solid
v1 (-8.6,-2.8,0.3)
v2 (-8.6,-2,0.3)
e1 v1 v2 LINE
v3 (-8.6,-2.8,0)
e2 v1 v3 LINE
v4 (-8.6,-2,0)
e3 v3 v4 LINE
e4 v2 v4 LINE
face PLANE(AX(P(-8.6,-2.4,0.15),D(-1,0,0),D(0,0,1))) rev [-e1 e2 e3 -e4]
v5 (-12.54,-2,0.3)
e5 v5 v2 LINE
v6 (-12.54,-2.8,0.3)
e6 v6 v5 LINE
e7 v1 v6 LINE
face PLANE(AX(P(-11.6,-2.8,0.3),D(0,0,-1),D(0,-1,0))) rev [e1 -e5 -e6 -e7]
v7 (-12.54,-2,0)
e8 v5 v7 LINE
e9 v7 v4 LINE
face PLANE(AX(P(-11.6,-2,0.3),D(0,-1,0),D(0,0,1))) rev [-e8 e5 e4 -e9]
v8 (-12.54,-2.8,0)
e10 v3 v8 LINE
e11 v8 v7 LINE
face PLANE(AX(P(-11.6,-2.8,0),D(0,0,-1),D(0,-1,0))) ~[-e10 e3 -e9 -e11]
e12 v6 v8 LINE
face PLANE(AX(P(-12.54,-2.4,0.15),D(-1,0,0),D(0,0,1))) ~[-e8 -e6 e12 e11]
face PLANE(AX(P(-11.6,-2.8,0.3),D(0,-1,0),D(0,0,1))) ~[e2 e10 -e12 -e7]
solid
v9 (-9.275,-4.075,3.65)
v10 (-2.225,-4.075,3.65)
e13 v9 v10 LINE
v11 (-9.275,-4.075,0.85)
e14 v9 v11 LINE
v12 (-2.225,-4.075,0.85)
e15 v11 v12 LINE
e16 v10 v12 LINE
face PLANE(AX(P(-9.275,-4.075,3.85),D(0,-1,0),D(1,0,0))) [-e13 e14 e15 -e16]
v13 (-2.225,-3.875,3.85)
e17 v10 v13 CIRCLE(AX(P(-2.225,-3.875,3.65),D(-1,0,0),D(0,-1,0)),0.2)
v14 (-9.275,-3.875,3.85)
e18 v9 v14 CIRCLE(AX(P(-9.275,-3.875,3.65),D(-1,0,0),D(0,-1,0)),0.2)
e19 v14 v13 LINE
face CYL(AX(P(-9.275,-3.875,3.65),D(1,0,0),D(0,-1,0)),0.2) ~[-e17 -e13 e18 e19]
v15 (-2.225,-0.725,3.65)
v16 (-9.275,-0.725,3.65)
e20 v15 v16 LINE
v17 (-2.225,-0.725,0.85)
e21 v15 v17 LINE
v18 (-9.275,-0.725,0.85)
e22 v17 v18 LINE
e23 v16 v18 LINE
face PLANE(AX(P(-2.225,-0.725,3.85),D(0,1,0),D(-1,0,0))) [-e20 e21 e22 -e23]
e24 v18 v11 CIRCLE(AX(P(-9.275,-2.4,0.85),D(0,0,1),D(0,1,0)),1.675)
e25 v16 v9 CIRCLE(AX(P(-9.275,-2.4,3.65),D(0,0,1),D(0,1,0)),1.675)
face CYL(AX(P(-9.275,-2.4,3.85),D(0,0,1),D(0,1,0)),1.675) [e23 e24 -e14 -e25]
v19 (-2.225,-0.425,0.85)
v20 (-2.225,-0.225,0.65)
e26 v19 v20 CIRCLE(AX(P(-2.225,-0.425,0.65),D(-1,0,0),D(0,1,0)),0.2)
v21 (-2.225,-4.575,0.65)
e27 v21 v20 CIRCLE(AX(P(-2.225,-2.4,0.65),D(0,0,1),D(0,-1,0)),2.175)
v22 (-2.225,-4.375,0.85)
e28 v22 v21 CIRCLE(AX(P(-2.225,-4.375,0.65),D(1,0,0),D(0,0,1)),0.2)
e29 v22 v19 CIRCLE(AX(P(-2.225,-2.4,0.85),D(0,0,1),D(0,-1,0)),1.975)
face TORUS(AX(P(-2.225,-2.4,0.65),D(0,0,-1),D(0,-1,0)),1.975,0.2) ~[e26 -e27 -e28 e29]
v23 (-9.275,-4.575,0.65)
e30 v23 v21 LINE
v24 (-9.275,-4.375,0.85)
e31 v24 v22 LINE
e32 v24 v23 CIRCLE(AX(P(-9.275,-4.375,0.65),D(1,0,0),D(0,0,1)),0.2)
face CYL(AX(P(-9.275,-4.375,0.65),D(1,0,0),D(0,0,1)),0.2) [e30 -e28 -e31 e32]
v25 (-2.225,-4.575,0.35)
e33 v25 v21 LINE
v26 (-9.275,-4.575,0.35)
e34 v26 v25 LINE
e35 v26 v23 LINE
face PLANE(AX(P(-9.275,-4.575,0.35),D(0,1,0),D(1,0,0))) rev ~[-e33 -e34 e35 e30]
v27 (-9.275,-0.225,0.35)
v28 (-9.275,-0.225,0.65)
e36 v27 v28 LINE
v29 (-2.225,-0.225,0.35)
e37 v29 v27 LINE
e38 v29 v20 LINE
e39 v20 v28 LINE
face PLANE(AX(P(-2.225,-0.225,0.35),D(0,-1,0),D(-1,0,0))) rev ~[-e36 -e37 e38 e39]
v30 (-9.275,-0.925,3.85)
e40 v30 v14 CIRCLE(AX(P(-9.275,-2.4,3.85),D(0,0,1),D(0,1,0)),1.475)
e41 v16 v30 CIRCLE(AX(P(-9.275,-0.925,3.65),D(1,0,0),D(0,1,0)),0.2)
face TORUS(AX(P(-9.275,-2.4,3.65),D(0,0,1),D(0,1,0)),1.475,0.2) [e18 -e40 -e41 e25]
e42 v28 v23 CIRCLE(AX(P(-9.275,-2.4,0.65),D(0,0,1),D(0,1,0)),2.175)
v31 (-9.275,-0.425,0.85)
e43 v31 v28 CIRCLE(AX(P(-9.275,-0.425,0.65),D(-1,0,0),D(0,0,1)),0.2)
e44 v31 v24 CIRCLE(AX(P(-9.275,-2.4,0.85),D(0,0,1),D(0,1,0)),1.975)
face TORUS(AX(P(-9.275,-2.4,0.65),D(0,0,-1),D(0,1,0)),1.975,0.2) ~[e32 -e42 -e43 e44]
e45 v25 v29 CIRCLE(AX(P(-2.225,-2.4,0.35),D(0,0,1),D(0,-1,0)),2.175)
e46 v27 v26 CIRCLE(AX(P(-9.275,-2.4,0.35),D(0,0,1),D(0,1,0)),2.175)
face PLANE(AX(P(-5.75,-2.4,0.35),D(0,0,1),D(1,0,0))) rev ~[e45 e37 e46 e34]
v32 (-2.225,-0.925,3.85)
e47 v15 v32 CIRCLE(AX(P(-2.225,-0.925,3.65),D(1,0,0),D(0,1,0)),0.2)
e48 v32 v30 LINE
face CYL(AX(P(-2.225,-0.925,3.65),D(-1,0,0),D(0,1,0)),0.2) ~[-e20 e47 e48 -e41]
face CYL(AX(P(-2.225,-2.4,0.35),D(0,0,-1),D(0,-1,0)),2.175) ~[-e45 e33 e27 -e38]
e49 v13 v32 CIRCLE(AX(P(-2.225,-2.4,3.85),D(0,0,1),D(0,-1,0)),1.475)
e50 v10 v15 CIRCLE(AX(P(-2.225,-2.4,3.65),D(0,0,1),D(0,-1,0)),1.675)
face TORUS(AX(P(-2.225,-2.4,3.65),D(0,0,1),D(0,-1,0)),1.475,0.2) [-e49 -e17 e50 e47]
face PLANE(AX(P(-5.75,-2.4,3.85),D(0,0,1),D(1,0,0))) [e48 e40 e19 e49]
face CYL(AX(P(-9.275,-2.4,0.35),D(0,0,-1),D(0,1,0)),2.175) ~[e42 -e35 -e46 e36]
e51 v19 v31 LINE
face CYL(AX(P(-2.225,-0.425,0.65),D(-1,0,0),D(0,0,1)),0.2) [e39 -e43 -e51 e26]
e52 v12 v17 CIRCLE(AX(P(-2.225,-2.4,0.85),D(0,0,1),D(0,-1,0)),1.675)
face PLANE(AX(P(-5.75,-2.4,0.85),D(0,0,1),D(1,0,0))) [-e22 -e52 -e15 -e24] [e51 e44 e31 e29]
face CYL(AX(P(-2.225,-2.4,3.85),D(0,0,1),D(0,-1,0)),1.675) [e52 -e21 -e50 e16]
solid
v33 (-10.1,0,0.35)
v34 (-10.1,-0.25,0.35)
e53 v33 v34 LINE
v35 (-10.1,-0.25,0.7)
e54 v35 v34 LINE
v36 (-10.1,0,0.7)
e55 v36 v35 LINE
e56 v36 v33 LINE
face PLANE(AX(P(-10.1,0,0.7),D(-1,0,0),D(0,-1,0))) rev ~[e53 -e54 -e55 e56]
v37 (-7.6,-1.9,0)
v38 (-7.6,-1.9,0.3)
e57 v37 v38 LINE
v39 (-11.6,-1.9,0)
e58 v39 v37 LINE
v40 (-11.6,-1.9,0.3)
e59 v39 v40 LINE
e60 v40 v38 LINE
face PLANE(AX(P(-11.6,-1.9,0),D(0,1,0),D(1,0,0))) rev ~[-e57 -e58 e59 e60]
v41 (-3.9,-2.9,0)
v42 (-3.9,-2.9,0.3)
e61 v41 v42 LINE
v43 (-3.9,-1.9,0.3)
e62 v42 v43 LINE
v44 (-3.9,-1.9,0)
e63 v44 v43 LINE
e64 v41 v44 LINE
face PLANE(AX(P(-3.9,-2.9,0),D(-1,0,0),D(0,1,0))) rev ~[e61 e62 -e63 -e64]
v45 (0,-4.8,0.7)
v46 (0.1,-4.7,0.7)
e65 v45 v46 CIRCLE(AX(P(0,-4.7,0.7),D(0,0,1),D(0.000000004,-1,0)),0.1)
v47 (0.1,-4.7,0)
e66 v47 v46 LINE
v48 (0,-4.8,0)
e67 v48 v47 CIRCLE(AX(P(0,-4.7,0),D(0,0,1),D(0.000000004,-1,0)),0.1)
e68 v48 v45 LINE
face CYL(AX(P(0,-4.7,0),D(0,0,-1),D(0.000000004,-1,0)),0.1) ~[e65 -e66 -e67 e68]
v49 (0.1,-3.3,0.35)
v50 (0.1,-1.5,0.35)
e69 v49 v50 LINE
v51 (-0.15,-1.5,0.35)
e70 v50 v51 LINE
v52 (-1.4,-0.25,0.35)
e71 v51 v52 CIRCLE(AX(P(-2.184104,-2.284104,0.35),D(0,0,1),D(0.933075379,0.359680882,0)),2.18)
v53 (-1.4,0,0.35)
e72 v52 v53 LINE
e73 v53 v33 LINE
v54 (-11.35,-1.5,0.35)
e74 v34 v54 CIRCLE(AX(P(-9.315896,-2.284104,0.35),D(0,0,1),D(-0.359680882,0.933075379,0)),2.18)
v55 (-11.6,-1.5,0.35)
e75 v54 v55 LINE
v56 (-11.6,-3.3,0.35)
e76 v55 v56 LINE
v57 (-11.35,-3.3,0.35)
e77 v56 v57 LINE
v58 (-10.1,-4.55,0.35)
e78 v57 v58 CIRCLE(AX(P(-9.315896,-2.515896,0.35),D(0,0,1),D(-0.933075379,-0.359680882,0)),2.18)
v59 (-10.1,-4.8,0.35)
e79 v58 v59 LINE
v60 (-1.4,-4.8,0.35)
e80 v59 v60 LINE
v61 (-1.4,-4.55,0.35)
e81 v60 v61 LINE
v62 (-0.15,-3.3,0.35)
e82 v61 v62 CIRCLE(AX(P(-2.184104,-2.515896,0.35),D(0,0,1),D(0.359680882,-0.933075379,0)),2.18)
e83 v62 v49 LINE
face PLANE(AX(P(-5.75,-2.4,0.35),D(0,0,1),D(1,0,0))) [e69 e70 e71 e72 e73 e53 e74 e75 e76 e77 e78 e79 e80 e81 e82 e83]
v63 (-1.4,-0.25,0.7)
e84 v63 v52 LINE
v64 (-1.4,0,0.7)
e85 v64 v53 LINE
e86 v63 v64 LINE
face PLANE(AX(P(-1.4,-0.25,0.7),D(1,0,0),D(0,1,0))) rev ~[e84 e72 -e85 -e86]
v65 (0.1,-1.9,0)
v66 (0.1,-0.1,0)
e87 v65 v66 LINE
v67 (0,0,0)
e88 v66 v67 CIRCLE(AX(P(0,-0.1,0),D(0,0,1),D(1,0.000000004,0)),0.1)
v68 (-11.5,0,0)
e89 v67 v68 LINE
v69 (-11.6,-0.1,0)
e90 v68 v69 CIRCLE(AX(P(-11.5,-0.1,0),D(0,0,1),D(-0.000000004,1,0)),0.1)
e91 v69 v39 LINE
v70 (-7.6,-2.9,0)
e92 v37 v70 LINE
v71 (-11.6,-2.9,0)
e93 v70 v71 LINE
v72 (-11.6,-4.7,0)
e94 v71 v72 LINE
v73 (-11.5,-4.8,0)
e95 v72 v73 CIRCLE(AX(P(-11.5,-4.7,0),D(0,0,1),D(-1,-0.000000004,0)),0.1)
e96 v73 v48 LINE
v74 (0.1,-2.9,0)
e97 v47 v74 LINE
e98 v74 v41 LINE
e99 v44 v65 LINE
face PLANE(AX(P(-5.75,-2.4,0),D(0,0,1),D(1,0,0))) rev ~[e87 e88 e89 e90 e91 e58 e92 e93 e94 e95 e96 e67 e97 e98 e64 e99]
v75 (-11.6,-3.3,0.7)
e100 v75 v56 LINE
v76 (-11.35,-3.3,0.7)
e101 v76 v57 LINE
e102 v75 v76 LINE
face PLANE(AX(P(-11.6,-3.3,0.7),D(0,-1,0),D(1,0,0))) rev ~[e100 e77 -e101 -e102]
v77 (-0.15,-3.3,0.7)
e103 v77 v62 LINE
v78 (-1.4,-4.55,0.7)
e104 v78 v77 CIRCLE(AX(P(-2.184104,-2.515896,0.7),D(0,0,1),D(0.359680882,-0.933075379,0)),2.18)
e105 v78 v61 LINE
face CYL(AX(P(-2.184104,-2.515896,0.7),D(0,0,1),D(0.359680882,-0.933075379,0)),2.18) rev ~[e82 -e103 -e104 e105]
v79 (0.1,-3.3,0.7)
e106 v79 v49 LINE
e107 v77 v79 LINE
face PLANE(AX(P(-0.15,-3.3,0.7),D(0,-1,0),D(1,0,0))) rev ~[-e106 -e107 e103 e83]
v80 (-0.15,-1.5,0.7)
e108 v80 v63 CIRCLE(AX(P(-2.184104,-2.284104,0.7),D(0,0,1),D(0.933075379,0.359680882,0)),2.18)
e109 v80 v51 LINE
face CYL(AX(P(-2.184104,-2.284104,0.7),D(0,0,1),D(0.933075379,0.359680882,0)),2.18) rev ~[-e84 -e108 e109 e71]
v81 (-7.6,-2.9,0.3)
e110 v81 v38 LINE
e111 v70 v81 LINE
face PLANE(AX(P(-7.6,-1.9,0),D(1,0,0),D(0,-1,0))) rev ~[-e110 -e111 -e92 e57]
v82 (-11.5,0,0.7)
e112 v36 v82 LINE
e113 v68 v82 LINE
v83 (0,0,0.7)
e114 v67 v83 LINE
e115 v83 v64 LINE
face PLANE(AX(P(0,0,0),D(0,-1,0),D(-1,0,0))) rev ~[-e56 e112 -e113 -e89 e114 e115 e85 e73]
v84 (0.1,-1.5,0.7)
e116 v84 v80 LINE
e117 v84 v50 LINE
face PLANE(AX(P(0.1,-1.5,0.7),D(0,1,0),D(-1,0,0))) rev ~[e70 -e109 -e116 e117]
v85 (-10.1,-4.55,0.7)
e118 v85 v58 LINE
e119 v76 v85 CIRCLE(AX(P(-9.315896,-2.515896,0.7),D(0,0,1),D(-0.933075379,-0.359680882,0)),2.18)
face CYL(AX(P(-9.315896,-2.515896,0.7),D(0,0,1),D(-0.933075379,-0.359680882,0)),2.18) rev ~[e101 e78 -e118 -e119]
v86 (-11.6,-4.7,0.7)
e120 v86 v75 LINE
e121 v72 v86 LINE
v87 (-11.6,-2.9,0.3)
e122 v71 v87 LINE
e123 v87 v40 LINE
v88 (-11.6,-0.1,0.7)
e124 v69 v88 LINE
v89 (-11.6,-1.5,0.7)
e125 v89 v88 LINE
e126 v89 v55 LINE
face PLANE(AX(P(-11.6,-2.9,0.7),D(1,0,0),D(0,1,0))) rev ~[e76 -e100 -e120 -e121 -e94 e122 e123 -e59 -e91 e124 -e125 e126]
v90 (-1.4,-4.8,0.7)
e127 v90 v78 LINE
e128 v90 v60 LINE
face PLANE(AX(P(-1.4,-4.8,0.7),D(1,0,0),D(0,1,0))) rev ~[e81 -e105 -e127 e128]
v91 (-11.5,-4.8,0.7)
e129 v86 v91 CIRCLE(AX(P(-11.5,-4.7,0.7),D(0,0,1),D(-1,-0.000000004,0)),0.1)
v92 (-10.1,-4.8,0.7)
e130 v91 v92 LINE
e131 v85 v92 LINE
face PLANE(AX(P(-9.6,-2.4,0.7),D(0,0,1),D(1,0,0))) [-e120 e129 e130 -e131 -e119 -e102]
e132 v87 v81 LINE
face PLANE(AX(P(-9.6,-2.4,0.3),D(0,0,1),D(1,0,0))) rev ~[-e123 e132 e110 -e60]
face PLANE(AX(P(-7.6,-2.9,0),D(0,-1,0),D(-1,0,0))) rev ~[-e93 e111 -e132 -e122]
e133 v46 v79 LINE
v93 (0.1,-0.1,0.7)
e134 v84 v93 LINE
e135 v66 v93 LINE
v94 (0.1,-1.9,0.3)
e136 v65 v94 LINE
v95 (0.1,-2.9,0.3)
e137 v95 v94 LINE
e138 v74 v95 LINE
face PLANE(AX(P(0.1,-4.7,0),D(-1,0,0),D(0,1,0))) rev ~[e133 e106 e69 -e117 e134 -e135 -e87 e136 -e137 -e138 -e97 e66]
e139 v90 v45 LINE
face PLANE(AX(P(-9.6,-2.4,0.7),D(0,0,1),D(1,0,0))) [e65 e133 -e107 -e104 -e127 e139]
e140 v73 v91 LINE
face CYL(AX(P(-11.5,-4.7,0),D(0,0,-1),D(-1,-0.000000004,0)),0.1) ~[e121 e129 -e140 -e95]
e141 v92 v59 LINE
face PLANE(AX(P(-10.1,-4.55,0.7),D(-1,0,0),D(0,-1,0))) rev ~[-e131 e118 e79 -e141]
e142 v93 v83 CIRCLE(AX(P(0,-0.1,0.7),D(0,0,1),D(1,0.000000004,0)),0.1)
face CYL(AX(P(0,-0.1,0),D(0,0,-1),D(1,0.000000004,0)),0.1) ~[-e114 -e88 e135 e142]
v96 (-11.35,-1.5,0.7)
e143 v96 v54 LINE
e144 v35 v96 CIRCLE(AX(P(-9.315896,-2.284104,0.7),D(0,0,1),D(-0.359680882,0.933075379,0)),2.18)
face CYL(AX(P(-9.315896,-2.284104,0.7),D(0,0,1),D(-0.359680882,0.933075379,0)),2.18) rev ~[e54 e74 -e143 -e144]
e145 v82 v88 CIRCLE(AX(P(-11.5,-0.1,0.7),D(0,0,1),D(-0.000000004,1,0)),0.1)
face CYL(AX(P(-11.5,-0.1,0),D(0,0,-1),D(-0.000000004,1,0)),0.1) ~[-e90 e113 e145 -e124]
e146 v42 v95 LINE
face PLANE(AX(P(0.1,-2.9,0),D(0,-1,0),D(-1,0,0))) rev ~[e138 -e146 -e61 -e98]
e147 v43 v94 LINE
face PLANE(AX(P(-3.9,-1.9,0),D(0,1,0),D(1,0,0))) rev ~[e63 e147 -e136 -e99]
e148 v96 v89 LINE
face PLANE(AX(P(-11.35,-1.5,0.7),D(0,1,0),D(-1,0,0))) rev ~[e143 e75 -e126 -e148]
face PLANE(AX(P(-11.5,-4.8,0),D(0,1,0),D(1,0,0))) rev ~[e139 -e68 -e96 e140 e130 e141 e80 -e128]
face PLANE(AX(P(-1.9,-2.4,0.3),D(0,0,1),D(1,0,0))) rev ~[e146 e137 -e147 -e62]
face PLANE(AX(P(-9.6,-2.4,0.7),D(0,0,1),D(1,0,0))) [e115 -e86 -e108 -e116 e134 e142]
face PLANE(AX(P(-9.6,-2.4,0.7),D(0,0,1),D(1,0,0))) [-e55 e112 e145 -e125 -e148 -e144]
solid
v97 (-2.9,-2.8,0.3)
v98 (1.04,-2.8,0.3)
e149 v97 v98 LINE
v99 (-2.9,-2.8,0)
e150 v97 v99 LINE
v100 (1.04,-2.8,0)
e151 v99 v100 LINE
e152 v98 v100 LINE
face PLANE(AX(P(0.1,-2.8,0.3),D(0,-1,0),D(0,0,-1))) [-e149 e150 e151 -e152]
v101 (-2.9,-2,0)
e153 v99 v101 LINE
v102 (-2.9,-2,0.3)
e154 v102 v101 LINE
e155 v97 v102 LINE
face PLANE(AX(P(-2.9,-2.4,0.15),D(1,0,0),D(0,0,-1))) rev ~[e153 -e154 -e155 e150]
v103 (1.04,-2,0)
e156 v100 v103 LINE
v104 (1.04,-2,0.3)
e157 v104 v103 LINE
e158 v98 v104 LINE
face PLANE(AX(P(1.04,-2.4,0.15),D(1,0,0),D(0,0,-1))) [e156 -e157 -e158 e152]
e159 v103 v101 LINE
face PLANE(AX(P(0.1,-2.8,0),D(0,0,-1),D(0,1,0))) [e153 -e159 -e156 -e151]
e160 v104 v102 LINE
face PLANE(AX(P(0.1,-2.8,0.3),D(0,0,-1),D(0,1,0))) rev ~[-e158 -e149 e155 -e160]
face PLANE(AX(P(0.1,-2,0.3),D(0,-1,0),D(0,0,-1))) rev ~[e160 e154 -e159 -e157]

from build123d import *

# Parameters (mm, degrees)
DODANIE_WYCI_GNI_CIE1_DEPTH      = 0.7
SZKIC2_W                         = 4
SZKIC2_H                         = 1
DODANIE_WYCI_GNI_CIE2_DEPTH      = 0.4
WYTNIJ_WYCI_GNI_CIE1_DEPTH       = 0.35
DODANIE_WYCI_GNI_CIE3_DEPTH      = 3.5
SZKIC5_OUTSIDE_W                 = 16.344
SZKIC5_OUTSIDE_H                 = 9.444
WYTNIJ_WYCI_GNI_CIE2_DEPTH       = 3
ZAOKR_GLENIE1_R                  = 0.2
ZAOKR_GLENIE2_R                  = 0.2
SZKIC6_W                         = 0.3
SZKIC6_H                         = 0.8
DODANIE_WYCI_GNI_CIE4_DEPTH      = 0.94
DODANIE_WYCI_GNI_CIE4_DEPTH_BACK = 3


with BuildPart() as part:
    # Szkic1 → Dodanie-wyciągnięcie1 (new body)
    with BuildSketch(Plane.XY):
        with BuildLine():
            Line((0, 0), (-11.5, 0))
            ThreePointArc((-11.5, 0), (-11.570710678, -0.029289322), (-11.6, -0.1))
            Line((-11.6, -0.1), (-11.6, -1.9))
            Line((-11.6, -1.9), (-7.6, -1.9))
            Line((-7.6, -1.9), (-7.6, -2.9))
            Line((-7.6, -2.9), (-11.6, -2.9))
            Line((-11.6, -2.9), (-11.6, -4.7))
            ThreePointArc((-11.6, -4.7), (-11.570710678, -4.770710678), (-11.5, -4.8))
            Line((-11.5, -4.8), (0, -4.8))
            ThreePointArc((0, -4.8), (0.070710678, -4.770710678), (0.1, -4.7))
            Line((0.1, -4.7), (0.1, -2.9))
            Line((0.1, -2.9), (-3.9, -2.9))
            Line((-3.9, -2.9), (-3.9, -1.9))
            Line((-3.9, -1.9), (0.1, -1.9))
            Line((0.1, -1.9), (0.1, -0.1))
            ThreePointArc((0.1, -0.1), (0.070710678, -0.029289322), (0, 0))
        make_face()
    extrude(amount=DODANIE_WYCI_GNI_CIE1_DEPTH)

    # Szkic2 → Dodanie-wyciągnięcie2 (add)
    with BuildSketch(Plane.XY.offset(0.7)):
        with Locations((-9.6, -2.4)):
            Rectangle(SZKIC2_W, SZKIC2_H)
        with Locations((-1.9, -2.4)):
            Rectangle(SZKIC2_W, SZKIC2_H)
    extrude(amount=-DODANIE_WYCI_GNI_CIE2_DEPTH)

    # Szkic3 → Wytnij-wyciągnięcie1 (cut)
    with BuildSketch(Plane.XY.offset(0.7)):
        with BuildLine():
            Line((-1.4, -0.25), (-1.4, 0))
            Line((-1.4, 0), (-10.1, 0))
            Line((-10.1, 0), (-10.1, -0.25))
            ThreePointArc((-10.1, -0.25), (-10.857388458, -0.742611542), (-11.35, -1.5))
            Line((-11.35, -1.5), (-11.6, -1.5))
            Line((-11.6, -1.5), (-11.6, -3.3))
            Line((-11.6, -3.3), (-11.35, -3.3))
            ThreePointArc((-11.35, -3.3), (-10.857388458, -4.057388458), (-10.1, -4.55))
            Line((-10.1, -4.55), (-10.1, -4.8))
            Line((-10.1, -4.8), (-1.4, -4.8))
            Line((-1.4, -4.8), (-1.4, -4.55))
            ThreePointArc((-1.4, -4.55), (-0.642611542, -4.057388458), (-0.15, -3.3))
            Line((-0.15, -3.3), (0.1, -3.3))
            Line((0.1, -3.3), (0.1, -1.5))
            Line((0.1, -1.5), (-0.15, -1.5))
            ThreePointArc((-0.15, -1.5), (-0.642611542, -0.742611542), (-1.4, -0.25))
        make_face()
    extrude(amount=-WYTNIJ_WYCI_GNI_CIE1_DEPTH, mode=Mode.SUBTRACT)


with BuildPart() as body_2:
    # Szkic4 → Dodanie-wyciągnięcie3 (new body)
    with BuildSketch(Plane.XY.offset(0.35)):
        with BuildLine():
            Line((-2.225, -0.225), (-9.275, -0.225))
            ThreePointArc((-9.275, -0.225), (-11.45, -2.4), (-9.275, -4.575))
            Line((-9.275, -4.575), (-2.225, -4.575))
            ThreePointArc((-2.225, -4.575), (-0.05, -2.4), (-2.225, -0.225))
        make_face()
    extrude(amount=DODANIE_WYCI_GNI_CIE3_DEPTH)

    # Szkic5 outside → Wytnij-wyciągnięcie2 (cut)
    with BuildSketch(Plane.XY.offset(3.85)):
        with Locations((-5.75, -2.4)):
            Rectangle(SZKIC5_OUTSIDE_W, SZKIC5_OUTSIDE_H)
        with BuildLine():
            Line((-2.225, -0.725), (-9.275, -0.725))
            ThreePointArc((-9.275, -0.725), (-10.95, -2.4), (-9.275, -4.075))
            Line((-9.275, -4.075), (-2.225, -4.075))
            ThreePointArc((-2.225, -4.075), (-0.55, -2.4), (-2.225, -0.725))
        make_face(mode=Mode.SUBTRACT)
    extrude(amount=-WYTNIJ_WYCI_GNI_CIE2_DEPTH, mode=Mode.SUBTRACT)

    # Zaokrąglenie1
    zaokr_glenie1_edges = [body_2.edges().sort_by_distance(p)[0] for p in [
        (-0.55, -2.4, 3.85),
        (-5.75, -4.075, 3.85),
        (-10.95, -2.4, 3.85),
        (-5.75, -0.725, 3.85),
    ]]
    fillet(zaokr_glenie1_edges, radius=ZAOKR_GLENIE1_R)

    # Zaokrąglenie2
    zaokr_glenie2_edges = [body_2.edges().sort_by_distance(p)[0] for p in [
        (-5.75, -4.575, 0.85),
        (-0.05, -2.4, 0.85),
        (-5.75, -0.225, 0.85),
        (-11.45, -2.4, 0.85),
    ]]
    fillet(zaokr_glenie2_edges, radius=ZAOKR_GLENIE2_R)


with BuildPart() as body_3:
    # Szkic6 → Dodanie-wyciągnięcie4 (new body, two sides)
    with BuildSketch(Plane(origin=(0.1, 0, 0), x_dir=(0, 0, -1), z_dir=(1, 0, 0))) as dodanie_wyci_gni_cie4_sk:
        with Locations((-0.15, -2.4)):
            Rectangle(SZKIC6_W, SZKIC6_H)
    extrude(amount=DODANIE_WYCI_GNI_CIE4_DEPTH)
    extrude(dodanie_wyci_gni_cie4_sk.sketch, amount=-DODANIE_WYCI_GNI_CIE4_DEPTH_BACK)


with BuildPart() as body_4:
    # Lustro1: mirrored copy
    add(body_3.part.mirror(Plane(origin=(-5.75, 0, 0), x_dir=(0, 0, 1), z_dir=(1, 0, 0))))


solid = Compound([part.part, body_2.part, body_3.part, body_4.part])
